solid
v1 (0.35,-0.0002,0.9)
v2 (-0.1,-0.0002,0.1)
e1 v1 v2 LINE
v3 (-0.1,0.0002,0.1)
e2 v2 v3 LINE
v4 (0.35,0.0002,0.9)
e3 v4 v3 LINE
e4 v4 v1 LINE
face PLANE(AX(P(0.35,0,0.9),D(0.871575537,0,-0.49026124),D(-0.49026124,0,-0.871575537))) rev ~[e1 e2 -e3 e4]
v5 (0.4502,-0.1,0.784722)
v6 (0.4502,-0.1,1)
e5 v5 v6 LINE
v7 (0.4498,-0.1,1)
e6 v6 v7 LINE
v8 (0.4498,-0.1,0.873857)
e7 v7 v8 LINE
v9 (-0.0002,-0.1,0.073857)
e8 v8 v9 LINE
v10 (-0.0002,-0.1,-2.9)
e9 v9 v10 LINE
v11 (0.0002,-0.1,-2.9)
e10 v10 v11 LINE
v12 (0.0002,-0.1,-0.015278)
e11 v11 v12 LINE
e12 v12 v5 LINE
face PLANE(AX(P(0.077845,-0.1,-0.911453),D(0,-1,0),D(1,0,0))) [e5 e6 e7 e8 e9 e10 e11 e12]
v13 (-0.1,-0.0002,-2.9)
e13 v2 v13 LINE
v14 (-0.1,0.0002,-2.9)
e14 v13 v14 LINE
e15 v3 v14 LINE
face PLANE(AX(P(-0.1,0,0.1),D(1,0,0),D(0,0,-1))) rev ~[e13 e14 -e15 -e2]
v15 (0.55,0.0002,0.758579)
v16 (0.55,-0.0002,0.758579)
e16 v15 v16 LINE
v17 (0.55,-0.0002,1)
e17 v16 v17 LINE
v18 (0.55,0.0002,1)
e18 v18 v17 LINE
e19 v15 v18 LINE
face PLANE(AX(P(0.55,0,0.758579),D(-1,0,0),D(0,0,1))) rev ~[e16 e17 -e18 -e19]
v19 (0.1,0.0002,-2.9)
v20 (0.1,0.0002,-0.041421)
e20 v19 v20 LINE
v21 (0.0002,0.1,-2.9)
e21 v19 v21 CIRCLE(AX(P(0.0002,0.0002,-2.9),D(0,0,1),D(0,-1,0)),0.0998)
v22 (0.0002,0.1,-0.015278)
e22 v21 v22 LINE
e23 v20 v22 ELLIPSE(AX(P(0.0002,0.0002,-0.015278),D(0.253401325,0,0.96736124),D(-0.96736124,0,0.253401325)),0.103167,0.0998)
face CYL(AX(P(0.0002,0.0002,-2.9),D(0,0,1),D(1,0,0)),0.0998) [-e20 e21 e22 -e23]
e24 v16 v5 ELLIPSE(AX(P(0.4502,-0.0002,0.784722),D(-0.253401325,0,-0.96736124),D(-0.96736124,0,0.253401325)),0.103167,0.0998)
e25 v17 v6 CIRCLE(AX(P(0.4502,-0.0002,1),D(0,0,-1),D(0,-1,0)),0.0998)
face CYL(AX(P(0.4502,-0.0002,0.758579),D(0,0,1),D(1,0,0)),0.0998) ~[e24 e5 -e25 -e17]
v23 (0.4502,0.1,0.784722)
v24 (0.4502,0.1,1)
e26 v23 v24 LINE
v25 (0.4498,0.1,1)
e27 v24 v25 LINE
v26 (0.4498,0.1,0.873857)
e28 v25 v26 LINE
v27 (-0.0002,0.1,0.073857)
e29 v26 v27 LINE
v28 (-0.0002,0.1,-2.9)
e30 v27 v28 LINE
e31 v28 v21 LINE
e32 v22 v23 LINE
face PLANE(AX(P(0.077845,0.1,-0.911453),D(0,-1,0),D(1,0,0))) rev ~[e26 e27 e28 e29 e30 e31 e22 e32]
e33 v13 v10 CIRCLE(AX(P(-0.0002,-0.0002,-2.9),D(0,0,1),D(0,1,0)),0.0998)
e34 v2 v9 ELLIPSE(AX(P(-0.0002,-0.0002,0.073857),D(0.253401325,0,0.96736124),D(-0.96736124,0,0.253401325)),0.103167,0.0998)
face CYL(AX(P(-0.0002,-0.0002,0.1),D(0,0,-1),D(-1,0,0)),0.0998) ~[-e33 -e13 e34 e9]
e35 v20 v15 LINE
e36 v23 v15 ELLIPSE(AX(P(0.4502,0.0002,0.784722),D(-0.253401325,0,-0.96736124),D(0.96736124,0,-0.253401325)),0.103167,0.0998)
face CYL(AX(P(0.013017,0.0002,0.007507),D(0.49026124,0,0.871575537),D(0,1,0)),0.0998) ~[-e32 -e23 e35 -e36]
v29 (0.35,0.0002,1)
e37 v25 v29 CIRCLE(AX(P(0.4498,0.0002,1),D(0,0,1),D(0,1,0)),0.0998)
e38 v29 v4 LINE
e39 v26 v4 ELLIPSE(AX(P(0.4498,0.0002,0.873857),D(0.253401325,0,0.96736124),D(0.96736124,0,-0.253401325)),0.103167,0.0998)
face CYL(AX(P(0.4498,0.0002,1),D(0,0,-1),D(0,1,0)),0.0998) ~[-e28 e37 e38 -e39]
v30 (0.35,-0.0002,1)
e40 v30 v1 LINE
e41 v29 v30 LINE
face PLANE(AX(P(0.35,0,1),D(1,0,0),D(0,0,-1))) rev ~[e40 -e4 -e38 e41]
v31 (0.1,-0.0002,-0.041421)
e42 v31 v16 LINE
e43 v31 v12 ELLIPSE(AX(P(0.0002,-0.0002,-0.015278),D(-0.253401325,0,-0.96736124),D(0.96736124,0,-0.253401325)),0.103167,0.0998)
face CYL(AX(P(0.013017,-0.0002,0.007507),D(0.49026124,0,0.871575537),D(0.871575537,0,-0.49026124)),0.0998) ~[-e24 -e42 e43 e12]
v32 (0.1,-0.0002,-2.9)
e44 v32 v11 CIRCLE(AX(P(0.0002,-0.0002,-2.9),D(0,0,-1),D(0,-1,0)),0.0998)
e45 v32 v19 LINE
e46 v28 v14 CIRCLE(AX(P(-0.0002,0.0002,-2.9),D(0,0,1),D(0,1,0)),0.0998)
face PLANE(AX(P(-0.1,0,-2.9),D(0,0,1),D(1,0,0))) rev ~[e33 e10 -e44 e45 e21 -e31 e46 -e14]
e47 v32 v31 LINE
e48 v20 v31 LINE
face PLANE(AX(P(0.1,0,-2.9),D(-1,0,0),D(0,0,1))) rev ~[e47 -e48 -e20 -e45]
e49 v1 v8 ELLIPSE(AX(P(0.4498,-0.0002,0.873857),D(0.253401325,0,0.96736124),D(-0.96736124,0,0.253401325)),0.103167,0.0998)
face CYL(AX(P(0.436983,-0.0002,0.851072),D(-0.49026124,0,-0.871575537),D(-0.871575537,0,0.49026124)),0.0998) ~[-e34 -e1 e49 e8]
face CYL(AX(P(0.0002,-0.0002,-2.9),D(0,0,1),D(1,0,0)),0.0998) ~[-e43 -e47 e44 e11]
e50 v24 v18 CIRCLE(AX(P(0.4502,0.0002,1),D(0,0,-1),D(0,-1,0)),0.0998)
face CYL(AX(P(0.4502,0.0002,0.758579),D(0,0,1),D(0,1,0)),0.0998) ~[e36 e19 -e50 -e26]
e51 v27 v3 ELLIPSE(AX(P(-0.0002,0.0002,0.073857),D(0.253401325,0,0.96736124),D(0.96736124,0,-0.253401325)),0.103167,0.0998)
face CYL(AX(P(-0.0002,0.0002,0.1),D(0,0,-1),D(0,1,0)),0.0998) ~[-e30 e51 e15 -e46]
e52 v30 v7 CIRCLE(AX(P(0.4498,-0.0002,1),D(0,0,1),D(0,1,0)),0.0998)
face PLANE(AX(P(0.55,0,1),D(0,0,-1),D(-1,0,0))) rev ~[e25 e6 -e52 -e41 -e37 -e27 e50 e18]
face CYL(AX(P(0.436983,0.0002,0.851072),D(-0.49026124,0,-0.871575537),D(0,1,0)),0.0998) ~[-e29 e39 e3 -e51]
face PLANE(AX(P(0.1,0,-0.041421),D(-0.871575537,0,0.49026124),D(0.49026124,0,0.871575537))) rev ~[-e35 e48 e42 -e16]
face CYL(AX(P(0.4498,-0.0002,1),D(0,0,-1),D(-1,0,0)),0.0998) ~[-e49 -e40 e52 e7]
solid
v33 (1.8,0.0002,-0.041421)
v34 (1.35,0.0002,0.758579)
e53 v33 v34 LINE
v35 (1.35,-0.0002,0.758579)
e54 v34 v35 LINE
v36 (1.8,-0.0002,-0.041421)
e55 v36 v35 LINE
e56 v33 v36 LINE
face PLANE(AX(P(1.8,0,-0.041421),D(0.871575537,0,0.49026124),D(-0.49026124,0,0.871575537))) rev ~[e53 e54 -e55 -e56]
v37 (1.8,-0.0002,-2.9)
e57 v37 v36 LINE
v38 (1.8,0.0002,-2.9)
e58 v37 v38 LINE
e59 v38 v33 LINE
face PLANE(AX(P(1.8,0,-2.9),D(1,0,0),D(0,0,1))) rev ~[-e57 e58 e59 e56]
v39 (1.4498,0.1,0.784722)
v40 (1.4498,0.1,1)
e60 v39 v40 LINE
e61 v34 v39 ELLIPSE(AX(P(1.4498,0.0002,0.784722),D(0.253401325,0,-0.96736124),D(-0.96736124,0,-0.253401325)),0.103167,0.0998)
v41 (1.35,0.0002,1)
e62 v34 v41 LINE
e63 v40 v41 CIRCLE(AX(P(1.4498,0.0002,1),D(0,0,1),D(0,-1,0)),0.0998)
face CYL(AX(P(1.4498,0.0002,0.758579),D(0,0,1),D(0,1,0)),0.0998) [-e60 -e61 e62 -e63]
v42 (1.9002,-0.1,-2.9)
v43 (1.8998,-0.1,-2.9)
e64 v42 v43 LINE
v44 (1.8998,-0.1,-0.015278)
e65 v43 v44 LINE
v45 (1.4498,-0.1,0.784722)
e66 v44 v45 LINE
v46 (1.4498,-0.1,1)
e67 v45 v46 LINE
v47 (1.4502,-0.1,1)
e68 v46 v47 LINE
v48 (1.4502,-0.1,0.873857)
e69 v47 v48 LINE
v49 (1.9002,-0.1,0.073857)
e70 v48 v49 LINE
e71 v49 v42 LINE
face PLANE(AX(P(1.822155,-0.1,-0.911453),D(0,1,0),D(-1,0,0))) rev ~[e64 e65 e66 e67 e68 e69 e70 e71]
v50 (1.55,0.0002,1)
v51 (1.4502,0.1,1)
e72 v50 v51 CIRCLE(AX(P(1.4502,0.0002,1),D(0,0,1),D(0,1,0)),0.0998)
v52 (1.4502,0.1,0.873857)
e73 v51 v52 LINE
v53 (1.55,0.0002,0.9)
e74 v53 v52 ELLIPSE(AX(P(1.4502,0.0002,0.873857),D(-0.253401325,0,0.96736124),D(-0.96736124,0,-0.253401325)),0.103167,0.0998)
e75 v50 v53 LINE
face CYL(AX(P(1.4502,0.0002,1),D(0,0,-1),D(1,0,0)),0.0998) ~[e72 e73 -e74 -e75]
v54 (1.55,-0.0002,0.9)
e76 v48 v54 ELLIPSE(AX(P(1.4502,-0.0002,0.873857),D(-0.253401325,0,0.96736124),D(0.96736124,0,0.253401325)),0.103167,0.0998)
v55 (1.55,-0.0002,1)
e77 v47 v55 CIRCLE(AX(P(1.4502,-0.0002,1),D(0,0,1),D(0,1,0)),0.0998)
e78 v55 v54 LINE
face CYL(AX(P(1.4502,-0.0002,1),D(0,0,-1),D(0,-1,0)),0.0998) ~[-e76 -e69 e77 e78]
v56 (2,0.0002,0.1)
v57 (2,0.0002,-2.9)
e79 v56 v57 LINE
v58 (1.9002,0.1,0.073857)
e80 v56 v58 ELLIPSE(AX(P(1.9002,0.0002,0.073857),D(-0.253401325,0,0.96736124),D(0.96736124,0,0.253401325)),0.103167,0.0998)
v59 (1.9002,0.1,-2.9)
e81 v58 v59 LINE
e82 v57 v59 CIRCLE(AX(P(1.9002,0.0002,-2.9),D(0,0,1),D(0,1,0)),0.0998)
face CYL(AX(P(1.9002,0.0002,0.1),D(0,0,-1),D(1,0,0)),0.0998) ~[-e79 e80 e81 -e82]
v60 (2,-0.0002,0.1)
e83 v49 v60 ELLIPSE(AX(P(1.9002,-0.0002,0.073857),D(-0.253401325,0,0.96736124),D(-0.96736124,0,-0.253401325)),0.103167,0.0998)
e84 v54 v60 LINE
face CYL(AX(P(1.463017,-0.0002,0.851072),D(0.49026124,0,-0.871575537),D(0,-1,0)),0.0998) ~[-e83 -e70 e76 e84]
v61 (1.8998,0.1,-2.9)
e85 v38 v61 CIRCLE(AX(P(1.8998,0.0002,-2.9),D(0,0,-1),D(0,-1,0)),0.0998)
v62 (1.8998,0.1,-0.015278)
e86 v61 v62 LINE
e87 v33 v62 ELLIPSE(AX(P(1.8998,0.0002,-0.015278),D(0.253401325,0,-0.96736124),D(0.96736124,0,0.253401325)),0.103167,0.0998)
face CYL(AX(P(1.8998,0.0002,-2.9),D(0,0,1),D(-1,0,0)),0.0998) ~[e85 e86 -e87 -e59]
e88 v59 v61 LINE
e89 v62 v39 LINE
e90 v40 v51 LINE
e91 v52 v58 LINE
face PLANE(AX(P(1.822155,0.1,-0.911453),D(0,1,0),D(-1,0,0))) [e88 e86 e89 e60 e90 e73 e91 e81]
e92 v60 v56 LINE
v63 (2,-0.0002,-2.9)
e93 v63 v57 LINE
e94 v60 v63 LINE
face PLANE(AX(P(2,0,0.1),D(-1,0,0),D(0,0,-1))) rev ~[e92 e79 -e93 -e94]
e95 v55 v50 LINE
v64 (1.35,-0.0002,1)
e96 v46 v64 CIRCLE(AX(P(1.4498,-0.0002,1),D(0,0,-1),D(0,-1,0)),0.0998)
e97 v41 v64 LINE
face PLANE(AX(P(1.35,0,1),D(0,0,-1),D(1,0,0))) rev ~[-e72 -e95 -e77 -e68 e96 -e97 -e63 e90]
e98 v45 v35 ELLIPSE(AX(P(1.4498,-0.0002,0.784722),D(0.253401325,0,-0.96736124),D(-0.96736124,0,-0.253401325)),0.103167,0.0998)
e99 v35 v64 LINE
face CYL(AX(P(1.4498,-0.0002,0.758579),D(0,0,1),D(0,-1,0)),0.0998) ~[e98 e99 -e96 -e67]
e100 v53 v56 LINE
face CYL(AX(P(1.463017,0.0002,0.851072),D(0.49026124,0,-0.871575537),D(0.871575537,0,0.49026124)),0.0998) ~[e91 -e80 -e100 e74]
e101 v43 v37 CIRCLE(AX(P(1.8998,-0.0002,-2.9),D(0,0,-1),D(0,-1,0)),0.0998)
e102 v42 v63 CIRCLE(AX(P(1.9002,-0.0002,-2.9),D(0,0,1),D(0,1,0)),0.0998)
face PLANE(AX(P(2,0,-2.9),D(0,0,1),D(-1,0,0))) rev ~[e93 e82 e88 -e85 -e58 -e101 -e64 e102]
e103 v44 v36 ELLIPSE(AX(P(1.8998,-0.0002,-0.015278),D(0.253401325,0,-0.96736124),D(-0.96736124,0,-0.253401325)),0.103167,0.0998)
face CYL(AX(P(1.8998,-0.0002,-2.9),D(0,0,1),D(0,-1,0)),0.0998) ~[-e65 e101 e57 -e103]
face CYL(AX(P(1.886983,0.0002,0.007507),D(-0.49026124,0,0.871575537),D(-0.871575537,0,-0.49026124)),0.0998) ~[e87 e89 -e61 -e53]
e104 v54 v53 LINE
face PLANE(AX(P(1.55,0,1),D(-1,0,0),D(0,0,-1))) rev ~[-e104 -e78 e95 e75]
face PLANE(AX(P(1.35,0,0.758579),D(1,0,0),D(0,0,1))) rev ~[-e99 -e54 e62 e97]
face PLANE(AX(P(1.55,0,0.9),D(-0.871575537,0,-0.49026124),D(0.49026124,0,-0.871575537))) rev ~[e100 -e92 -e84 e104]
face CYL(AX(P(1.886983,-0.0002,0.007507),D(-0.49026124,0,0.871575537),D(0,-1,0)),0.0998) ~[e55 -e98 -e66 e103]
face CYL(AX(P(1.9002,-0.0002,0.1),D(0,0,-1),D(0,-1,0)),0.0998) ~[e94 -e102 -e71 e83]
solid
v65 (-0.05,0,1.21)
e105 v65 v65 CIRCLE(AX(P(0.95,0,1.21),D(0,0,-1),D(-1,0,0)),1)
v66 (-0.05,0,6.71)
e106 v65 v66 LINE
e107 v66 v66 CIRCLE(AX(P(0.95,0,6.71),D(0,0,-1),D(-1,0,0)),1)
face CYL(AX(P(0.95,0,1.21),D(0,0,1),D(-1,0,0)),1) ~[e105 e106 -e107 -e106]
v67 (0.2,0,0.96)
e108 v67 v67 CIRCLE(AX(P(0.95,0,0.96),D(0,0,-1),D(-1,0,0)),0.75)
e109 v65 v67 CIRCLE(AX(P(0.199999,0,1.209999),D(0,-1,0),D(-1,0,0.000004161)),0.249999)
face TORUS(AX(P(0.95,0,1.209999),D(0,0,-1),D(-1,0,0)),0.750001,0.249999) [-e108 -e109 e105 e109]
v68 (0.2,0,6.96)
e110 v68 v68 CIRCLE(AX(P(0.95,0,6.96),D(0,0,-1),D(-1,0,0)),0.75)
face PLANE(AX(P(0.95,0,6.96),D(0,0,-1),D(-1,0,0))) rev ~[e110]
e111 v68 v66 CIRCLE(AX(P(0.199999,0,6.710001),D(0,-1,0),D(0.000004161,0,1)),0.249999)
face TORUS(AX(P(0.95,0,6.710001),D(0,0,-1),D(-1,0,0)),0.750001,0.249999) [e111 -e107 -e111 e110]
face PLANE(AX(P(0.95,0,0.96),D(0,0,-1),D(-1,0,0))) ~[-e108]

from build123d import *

# Parameters (mm, degrees)
PAD_DEPTH = 0.1
FILLET_R  = 0.0998


with BuildPart() as revolution:
    # Sketch002 → Revolution (revolve)
    with BuildSketch(Plane.XZ):
        with BuildLine():
            Line((0.2, 6.96), (0.95, 6.96))
            Line((0.95, 0.96), (0.95, 6.96))
            Line((0.95, 0.96), (0.2, 0.96))
            ThreePointArc((-0.05, 1.21), (0.023223, 1.033223), (0.2, 0.96))
            Line((-0.05, 1.21), (-0.05, 6.71))
            ThreePointArc((0.2, 6.96), (0.023223, 6.886777), (-0.05, 6.71))
        make_face()
    revolve(axis=Axis((0.95, 0, 6.96), (0, 0, -1)))


with BuildPart() as fillet_body:
    # Sketch → Pad (new body, symmetric)
    with BuildSketch(Plane.XZ):
        Polygon((0.1, -2.9), (0.1, -0.041421), (0.55, 0.758579), (0.55, 1), (0.35, 1), (0.35, 0.9), (-0.1, 0.1), (-0.1, -2.9), align=None)
        Polygon((1.35, 1), (1.55, 1), (1.55, 0.9), (2, 0.1), (2, -2.9), (1.8, -2.9), (1.8, -0.041421), (1.35, 0.758579), align=None)
    extrude(amount=PAD_DEPTH, both=True)

    # Fillet
    fillet_edges = [fillet_body.edges().sort_by_distance(p)[0] for p in [
        (0.125, -0.1, 0.5),
        (0.35, -0.1, 0.95),
        (0.55, -0.1, 0.879289),
        (0.325, -0.1, 0.358579),
        (0.1, -0.1, -1.470711),
        (-0.1, -0.1, -1.4),
        (0.1, 0.1, -1.470711),
        (0.325, 0.1, 0.358579),
        (0.55, 0.1, 0.879289),
        (1.575, -0.1, 0.358579),
        (1.35, -0.1, 0.879289),
        (1.8, -0.1, -1.470711),
        (2, -0.1, -1.4),
        (1.775, -0.1, 0.5),
        (1.55, -0.1, 0.95),
        (1.55, 0.1, 0.95),
        (1.775, 0.1, 0.5),
        (2, 0.1, -1.4),
        (1.8, 0.1, -1.470711),
        (1.575, 0.1, 0.358579),
        (1.35, 0.1, 0.879289),
        (0.35, 0.1, 0.95),
        (-0.1, 0.1, -1.4),
        (0.125, 0.1, 0.5),
    ]]
    fillet(fillet_edges, radius=FILLET_R)


solid = Compound([revolution.part, fillet_body.part])
